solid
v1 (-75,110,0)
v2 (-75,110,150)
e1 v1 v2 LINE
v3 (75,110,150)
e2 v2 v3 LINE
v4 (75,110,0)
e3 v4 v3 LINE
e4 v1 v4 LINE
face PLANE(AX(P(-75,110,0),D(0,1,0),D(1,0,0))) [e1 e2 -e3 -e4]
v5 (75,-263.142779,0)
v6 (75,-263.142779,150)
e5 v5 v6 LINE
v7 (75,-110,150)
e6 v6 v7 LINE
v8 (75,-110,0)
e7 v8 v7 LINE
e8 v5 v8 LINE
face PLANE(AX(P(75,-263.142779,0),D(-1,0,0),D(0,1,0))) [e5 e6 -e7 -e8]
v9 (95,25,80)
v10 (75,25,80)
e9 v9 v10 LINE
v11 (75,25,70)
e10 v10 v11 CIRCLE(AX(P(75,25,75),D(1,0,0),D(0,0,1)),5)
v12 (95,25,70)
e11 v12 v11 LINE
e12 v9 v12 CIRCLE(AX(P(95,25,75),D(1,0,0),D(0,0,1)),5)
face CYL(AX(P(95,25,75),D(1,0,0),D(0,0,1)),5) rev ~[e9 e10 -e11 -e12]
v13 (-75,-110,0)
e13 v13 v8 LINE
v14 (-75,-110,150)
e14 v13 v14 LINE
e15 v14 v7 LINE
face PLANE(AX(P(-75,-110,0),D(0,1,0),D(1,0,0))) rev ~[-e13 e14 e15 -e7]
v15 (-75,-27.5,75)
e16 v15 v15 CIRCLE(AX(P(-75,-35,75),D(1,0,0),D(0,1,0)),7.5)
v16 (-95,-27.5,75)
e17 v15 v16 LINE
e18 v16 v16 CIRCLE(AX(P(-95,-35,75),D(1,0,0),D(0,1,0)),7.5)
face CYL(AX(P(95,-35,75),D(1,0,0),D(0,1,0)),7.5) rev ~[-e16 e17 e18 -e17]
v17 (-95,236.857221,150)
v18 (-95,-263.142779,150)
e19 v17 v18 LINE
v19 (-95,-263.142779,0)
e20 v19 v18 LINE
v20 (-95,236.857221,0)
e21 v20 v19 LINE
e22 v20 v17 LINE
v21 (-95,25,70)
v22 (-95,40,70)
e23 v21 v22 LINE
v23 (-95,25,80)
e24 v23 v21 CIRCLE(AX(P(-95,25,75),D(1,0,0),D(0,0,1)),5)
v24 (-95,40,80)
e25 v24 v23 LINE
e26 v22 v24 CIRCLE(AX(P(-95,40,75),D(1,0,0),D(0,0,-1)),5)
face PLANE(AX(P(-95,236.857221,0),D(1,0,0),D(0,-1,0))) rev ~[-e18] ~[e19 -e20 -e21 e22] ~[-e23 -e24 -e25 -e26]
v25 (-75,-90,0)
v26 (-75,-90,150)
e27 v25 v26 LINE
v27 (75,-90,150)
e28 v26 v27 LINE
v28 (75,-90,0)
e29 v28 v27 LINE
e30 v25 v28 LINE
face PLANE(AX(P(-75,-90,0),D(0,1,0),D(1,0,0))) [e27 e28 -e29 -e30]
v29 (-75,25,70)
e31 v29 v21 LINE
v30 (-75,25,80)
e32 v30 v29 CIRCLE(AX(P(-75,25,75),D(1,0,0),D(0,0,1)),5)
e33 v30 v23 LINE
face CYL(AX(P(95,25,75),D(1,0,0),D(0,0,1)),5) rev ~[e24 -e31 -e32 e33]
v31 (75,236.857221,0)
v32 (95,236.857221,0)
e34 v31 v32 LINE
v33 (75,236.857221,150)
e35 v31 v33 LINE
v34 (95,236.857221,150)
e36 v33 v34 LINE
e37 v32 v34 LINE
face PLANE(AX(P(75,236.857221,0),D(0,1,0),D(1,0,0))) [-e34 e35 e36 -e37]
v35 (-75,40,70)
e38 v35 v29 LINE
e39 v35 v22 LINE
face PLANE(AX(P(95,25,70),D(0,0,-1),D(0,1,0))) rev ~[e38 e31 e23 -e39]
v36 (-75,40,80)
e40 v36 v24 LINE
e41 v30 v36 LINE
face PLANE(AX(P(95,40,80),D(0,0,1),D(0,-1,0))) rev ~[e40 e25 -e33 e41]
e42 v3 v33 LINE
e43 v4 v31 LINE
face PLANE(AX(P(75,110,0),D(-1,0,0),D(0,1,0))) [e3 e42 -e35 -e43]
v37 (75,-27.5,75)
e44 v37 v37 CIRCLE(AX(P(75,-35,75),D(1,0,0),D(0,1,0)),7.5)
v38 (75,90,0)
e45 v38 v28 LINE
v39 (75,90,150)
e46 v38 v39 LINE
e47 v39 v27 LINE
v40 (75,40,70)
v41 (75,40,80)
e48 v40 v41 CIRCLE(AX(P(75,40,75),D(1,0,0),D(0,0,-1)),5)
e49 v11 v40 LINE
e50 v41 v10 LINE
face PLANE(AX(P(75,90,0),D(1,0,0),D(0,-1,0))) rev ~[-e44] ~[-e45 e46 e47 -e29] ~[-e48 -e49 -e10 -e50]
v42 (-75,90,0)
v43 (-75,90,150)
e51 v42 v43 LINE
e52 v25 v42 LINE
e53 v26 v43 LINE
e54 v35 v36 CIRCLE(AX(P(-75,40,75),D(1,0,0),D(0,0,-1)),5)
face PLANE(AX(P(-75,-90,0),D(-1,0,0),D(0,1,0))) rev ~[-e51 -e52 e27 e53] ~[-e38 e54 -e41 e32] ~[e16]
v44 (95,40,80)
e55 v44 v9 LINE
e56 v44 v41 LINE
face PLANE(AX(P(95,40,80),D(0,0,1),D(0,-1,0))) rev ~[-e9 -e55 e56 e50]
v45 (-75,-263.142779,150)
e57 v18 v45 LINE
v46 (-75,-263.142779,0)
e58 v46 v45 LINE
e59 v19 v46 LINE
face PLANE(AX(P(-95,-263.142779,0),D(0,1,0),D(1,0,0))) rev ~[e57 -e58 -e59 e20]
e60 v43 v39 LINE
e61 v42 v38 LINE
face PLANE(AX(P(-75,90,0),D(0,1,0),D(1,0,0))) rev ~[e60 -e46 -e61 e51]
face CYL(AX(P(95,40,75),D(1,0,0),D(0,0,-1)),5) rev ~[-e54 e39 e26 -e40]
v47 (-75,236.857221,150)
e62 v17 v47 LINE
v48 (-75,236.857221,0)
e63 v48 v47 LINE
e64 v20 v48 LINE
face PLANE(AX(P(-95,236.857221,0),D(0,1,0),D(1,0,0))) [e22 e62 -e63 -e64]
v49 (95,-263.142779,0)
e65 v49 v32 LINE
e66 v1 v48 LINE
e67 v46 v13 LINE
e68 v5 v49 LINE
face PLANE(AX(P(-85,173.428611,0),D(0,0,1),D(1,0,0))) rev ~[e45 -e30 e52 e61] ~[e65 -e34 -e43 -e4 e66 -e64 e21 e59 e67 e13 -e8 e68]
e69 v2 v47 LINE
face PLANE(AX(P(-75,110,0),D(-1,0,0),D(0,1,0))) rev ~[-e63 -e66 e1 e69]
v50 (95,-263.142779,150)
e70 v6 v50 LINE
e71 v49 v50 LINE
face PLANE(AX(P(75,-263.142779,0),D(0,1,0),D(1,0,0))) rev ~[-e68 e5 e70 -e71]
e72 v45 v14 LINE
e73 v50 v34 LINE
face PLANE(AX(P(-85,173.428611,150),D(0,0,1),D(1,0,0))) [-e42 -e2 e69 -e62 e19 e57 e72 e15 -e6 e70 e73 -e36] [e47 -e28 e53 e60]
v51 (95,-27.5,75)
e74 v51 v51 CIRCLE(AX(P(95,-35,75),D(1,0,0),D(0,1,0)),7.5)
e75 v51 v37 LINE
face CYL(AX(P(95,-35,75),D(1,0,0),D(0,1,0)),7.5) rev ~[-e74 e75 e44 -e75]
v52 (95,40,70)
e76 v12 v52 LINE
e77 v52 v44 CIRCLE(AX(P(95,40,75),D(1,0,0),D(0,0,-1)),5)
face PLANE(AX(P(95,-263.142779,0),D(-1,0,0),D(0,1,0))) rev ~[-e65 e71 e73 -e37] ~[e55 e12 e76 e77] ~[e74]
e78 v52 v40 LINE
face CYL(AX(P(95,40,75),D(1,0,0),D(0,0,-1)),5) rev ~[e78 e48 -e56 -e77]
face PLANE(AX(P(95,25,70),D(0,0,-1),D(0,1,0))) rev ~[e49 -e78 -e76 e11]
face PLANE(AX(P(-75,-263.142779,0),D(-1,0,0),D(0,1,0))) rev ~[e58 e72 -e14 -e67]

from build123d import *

# Parameters (mm, degrees)
F0_W     = 20
F0_H     = 126.8572214618
F0_H_2   = 153.1427785382
F0_W_2   = 150
F0_H_3   = 20
F1_DEPTH = 150
F2_R     = 7.5
F3_DEPTH = 412


with BuildPart() as f1:
    # F0 (on Top) → F1 (new body)
    with BuildSketch(Plane.XY):
        with Locations((-85, 173.4286107309)):
            Rectangle(F0_W, F0_H)
        Polygon((-75, -90), (-75, 90), (-75, 110), (-95, 110), (-95, -110), (-75, -110), align=None)
        with Locations((-85, -186.5713892691)):
            Rectangle(F0_W, F0_H_2)
        with Locations((0, 100)):
            Rectangle(F0_W_2, F0_H_3)
        with Locations((0, -100)):
            Rectangle(F0_W_2, F0_H_3)
        with Locations((85, 173.4286107309)):
            Rectangle(F0_W, F0_H)
        Polygon((75, 110), (75, 90), (75, -90), (75, -110), (95, -110), (95, 110), align=None)
        with Locations((85, -186.5713892691)):
            Rectangle(F0_W, F0_H_2)
    extrude(amount=F1_DEPTH)

    # F2 (on face) → F3 (cut)
    with BuildSketch(Plane.YZ.offset(95)):
        with Locations((-35, 75)):
            Circle(F2_R)
        with BuildLine():
            Line((40, 80), (25, 80))
            ThreePointArc((25, 80), (20, 75), (25, 70))
            Line((25, 70), (40, 70))
            ThreePointArc((40, 70), (45, 75), (40, 80))
        make_face()
    extrude(amount=-F3_DEPTH, mode=Mode.SUBTRACT)


solid = f1.part
